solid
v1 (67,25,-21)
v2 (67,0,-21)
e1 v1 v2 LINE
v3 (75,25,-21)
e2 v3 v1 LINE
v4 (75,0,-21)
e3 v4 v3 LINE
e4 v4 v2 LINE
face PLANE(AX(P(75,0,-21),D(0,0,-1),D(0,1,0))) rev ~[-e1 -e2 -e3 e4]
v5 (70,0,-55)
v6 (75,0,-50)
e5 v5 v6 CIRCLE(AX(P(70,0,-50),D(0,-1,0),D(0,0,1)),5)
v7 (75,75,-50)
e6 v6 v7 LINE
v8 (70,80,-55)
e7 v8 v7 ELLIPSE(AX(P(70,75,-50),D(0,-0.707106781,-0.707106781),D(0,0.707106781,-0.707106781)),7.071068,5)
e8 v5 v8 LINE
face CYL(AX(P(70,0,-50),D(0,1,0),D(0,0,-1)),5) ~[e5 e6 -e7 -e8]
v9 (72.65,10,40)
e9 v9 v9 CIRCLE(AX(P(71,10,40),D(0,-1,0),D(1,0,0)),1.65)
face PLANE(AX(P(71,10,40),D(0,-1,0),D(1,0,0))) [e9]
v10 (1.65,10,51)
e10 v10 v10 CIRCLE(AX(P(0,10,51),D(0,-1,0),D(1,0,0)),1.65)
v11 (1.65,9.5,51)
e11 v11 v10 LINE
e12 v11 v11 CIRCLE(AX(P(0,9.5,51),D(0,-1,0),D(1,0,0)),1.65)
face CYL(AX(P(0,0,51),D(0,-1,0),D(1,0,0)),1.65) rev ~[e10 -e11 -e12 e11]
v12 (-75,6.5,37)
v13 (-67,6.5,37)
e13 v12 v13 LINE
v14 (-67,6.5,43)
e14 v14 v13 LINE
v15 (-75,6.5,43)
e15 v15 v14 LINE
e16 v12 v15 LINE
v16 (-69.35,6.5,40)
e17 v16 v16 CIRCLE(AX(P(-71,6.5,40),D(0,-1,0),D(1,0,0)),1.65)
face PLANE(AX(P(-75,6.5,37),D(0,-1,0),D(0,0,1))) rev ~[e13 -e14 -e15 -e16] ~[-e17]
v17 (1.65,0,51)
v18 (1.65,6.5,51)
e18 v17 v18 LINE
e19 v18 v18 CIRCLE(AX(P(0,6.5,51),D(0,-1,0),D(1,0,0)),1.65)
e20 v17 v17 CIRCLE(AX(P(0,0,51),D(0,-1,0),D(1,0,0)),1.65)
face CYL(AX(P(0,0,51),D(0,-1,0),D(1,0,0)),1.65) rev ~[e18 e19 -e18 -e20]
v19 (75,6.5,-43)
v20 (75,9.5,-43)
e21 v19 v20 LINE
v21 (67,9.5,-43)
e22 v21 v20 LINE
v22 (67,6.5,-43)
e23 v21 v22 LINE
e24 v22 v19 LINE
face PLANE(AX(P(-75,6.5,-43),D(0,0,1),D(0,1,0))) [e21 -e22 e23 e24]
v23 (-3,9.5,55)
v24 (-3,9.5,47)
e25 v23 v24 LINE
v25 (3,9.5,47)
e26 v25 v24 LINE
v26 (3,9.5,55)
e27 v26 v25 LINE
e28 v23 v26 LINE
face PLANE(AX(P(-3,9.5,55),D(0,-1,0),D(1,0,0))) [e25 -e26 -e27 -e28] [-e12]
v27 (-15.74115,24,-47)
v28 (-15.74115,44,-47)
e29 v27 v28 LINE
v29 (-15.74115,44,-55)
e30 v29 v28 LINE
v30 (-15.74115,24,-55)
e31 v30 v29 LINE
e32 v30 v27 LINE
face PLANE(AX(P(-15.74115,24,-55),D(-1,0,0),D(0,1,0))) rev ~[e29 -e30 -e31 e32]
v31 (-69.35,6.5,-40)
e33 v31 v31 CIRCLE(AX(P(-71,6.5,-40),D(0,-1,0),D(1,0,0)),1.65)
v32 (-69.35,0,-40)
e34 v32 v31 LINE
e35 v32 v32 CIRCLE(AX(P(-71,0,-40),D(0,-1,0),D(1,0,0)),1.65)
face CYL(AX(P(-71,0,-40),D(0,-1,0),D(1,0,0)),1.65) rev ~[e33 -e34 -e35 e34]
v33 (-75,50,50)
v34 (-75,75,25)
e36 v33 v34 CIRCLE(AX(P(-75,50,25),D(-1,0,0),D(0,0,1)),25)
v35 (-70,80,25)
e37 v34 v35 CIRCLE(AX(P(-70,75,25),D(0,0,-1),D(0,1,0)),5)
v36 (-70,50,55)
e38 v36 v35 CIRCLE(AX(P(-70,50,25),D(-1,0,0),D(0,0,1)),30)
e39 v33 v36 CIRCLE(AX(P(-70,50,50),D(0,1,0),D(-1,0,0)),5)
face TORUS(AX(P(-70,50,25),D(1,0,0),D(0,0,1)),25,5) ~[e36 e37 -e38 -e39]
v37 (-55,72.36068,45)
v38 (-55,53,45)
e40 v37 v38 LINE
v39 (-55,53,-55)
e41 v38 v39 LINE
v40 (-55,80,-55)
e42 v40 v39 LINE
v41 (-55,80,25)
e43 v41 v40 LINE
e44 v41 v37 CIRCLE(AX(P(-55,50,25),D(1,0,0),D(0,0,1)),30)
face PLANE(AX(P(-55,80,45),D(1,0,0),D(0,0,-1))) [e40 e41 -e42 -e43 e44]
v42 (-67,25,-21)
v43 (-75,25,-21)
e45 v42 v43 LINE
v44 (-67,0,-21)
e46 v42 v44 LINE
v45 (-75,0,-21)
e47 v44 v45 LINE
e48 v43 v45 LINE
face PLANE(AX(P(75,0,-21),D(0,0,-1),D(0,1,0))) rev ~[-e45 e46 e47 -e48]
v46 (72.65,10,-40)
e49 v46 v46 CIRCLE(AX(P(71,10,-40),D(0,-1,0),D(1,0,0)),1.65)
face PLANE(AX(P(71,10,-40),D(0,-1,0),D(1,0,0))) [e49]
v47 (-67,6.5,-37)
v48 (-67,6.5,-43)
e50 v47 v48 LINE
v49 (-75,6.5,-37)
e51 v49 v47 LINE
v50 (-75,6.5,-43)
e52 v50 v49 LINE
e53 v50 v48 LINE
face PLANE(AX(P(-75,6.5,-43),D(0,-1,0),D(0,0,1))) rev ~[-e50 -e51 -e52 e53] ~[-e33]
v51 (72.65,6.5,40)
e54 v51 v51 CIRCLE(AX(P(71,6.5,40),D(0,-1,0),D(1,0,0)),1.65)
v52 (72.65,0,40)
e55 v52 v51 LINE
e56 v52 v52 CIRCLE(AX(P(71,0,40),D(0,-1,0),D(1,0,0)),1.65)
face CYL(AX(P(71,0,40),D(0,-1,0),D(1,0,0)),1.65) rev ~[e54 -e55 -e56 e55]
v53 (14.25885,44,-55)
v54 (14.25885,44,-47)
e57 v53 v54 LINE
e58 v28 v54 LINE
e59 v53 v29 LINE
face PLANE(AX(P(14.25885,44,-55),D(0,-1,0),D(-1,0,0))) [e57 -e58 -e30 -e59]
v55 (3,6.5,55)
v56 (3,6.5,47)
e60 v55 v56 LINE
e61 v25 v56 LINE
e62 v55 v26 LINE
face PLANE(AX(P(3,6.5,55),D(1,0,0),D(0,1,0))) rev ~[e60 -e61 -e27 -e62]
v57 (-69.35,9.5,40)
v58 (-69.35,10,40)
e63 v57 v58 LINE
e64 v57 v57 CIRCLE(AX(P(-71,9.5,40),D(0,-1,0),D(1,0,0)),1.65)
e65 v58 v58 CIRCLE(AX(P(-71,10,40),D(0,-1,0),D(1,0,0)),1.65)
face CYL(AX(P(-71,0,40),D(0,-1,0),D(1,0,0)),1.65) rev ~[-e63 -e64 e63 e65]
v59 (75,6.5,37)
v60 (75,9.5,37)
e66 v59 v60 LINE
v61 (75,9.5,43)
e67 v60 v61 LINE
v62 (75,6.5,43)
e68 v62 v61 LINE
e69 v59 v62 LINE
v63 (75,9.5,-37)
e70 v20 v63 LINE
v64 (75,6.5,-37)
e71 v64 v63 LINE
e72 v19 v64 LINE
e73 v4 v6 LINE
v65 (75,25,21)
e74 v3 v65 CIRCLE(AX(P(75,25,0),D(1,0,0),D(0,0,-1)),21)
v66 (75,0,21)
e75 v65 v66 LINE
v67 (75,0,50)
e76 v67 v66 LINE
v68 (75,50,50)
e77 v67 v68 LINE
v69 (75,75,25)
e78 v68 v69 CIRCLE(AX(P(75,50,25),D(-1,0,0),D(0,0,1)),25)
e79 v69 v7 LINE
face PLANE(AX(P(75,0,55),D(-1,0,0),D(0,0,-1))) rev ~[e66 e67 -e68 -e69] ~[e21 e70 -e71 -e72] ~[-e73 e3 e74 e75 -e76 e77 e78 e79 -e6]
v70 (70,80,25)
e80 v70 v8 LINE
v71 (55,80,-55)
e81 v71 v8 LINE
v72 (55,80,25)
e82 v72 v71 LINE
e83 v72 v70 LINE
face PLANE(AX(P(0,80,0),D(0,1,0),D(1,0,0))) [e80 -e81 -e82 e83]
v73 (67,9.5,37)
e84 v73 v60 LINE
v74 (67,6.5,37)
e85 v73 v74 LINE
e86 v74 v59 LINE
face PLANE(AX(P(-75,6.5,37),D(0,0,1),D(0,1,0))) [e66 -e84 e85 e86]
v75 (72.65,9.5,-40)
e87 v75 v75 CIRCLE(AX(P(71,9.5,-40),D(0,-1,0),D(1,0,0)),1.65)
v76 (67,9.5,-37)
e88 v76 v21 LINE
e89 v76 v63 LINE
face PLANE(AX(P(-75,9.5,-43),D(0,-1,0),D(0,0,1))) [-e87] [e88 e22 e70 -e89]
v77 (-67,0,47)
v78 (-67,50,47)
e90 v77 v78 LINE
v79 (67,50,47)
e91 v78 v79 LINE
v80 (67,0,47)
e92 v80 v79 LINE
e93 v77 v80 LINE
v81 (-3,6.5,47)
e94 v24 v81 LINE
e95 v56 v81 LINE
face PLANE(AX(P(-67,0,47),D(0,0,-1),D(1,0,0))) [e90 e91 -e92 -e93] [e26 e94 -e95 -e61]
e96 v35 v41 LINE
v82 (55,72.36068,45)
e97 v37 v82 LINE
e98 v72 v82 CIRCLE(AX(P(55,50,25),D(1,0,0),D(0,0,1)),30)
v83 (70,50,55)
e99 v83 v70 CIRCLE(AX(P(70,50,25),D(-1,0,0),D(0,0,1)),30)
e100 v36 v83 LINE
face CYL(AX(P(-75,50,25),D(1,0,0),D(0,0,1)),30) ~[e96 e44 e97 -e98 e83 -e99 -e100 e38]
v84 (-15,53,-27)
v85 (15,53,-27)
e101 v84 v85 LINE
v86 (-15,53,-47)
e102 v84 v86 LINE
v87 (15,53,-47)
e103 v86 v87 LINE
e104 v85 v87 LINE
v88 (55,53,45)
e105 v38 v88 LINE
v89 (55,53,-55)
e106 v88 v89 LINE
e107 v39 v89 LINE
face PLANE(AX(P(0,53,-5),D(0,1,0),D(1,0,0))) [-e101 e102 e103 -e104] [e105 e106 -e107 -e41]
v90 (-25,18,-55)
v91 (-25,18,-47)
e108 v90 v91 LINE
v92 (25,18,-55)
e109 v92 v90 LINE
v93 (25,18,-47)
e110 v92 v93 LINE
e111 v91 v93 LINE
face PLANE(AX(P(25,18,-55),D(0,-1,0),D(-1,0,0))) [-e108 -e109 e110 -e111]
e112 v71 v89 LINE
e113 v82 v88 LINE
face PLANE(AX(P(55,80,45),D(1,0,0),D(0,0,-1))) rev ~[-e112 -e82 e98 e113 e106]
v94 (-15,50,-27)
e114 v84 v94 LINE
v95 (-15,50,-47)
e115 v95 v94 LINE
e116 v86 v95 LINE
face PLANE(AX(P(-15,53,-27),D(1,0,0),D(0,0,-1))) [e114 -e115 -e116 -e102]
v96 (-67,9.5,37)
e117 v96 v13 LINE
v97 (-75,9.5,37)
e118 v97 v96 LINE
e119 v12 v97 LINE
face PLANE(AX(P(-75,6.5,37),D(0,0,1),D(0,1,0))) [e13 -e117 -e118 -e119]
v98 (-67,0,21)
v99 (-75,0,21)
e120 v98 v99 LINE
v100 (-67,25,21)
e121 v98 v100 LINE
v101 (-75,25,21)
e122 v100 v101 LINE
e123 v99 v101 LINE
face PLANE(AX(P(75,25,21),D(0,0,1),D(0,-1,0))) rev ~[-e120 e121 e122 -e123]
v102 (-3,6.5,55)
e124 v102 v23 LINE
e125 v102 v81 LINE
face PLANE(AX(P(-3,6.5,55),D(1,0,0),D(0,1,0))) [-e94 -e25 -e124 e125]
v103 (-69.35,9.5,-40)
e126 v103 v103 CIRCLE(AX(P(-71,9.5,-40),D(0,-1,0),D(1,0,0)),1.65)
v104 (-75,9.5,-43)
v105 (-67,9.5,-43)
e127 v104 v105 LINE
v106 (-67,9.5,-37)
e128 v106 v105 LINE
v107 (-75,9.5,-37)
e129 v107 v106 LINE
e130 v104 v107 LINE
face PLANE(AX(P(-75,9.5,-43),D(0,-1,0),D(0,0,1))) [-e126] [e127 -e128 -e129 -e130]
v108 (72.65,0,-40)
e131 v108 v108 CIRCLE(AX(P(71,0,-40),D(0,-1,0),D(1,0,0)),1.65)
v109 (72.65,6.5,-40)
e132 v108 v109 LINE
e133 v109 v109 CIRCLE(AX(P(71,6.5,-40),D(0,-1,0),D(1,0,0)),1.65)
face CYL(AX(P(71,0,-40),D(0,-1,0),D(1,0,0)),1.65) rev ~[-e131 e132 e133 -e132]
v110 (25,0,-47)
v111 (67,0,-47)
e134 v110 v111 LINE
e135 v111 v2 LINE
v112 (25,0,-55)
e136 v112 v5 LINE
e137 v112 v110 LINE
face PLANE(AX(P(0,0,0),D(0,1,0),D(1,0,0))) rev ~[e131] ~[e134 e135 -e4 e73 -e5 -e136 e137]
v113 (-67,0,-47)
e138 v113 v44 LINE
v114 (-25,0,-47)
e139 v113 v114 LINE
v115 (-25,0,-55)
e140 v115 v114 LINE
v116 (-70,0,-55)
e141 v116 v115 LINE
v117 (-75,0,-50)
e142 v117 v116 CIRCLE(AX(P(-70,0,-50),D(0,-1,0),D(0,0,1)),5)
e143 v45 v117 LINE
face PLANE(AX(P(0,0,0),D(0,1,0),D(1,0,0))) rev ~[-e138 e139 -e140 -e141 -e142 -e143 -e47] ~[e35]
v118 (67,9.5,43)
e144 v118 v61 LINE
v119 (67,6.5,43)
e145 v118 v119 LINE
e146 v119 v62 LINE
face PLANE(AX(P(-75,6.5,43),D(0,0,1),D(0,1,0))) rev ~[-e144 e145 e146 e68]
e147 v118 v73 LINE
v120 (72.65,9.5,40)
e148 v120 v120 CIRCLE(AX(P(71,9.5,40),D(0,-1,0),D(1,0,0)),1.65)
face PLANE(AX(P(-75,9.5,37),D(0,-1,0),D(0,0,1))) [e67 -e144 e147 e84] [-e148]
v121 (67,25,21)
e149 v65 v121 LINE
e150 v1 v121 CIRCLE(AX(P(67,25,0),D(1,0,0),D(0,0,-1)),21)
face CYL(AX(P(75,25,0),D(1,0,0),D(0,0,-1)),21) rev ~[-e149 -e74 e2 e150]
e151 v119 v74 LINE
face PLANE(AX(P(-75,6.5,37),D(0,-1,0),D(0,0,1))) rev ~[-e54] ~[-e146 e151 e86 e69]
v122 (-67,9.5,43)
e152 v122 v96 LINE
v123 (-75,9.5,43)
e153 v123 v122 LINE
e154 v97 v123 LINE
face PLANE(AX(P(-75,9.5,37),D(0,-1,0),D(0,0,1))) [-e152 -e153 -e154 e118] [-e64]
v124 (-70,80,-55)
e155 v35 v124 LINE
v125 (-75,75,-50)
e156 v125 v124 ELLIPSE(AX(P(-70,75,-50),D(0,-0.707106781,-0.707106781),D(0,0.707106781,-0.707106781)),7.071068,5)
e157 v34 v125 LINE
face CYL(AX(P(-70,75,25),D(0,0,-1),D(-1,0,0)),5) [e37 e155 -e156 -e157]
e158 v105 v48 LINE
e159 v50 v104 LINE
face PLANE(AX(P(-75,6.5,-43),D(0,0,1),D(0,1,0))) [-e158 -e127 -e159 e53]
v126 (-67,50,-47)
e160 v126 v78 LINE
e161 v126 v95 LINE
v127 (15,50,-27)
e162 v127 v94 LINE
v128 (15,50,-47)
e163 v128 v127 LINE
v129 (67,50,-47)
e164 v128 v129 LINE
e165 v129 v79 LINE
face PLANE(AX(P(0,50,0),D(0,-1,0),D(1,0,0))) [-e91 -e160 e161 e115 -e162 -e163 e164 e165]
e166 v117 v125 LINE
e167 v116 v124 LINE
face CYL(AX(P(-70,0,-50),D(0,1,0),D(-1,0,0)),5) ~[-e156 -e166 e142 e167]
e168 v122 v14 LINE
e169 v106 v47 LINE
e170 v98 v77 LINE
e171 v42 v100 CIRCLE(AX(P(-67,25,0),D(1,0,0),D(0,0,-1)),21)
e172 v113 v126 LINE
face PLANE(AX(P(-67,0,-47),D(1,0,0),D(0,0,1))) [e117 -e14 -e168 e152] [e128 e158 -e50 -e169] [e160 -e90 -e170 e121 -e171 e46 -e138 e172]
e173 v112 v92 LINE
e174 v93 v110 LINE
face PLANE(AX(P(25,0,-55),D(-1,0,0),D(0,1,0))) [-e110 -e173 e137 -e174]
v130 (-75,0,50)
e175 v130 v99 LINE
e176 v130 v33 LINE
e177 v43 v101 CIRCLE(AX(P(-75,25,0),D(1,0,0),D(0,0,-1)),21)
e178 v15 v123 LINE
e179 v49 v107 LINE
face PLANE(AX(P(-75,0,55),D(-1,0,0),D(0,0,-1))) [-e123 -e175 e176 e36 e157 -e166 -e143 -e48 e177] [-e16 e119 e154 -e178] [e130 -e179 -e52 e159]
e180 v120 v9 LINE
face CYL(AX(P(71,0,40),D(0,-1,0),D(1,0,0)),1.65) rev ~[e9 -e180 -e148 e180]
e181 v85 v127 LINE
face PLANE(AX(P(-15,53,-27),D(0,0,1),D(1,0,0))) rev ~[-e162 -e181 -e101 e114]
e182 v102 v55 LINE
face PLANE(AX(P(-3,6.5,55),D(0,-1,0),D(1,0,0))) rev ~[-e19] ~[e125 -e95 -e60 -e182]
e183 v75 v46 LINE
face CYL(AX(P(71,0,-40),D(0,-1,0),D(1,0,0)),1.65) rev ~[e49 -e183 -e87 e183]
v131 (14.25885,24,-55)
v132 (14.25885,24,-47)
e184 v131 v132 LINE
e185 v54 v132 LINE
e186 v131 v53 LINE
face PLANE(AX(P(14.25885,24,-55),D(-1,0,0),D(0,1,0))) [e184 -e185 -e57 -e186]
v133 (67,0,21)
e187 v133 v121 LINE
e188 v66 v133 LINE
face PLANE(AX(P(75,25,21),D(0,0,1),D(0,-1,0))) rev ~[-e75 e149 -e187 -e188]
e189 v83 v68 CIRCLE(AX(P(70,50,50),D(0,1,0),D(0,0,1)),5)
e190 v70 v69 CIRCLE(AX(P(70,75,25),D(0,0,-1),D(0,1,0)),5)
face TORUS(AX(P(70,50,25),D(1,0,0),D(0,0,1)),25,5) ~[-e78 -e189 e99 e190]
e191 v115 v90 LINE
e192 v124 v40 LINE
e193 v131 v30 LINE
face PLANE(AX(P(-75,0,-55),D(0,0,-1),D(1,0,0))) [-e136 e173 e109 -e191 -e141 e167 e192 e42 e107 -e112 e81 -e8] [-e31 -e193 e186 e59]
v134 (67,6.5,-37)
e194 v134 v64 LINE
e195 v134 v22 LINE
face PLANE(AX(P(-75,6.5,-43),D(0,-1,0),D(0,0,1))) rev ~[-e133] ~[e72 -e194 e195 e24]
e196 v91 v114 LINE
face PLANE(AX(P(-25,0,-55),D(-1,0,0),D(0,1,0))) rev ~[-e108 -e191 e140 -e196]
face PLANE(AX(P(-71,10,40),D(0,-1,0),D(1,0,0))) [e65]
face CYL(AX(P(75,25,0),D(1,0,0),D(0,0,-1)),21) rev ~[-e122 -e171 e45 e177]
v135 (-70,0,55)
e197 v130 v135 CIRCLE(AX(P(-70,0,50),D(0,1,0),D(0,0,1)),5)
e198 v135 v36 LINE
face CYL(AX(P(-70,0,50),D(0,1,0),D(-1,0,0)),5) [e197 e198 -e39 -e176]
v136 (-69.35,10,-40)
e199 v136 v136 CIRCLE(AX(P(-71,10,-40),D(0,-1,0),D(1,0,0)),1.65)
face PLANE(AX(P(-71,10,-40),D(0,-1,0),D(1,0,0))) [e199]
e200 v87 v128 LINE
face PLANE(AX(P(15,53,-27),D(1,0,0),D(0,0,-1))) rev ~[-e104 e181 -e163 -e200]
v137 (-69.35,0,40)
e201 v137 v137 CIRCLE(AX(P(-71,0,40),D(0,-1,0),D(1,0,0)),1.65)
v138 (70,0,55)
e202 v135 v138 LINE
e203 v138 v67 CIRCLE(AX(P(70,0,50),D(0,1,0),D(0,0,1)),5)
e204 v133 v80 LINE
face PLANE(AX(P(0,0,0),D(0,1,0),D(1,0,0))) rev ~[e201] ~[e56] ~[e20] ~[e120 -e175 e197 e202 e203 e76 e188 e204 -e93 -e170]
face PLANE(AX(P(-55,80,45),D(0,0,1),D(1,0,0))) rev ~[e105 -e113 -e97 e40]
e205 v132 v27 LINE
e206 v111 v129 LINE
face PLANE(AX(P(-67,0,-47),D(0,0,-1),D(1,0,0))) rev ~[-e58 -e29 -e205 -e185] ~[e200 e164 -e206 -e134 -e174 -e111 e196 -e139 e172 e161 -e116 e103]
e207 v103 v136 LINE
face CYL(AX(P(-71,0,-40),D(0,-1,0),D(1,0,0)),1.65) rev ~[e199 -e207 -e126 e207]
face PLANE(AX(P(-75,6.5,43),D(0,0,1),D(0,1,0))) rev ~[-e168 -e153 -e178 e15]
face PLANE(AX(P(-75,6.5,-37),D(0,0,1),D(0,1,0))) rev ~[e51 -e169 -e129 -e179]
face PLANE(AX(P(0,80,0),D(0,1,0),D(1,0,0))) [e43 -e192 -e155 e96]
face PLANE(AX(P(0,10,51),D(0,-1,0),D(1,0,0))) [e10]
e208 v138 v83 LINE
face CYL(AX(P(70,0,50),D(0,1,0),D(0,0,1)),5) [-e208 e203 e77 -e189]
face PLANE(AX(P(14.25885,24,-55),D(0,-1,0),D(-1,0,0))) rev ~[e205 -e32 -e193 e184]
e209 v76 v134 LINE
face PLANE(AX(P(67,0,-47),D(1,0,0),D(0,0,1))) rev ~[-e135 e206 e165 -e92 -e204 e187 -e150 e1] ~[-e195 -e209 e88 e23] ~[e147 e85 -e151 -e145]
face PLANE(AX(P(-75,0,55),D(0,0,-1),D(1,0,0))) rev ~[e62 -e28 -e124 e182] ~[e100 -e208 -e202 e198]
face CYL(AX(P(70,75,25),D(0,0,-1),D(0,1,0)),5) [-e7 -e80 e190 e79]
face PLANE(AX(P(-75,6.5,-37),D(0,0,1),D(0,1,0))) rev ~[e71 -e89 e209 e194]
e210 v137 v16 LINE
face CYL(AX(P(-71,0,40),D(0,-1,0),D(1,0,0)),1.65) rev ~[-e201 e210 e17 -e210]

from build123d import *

# Parameters (mm, degrees)
SKETCH_1_W          = 150
SKETCH_1_H          = 110
EXTRUDE_1_DEPTH     = 80
FILLET_3_R          = 30
FILLET_1_R          = 5
CUT_EXTRUDE_1_DEPTH = 151
SKETCH_3_W          = 50
SKETCH_3_H          = 18
CUT_EXTRUDE_2_DEPTH = 50
SKETCH_4_W          = 134
SKETCH_4_H          = 94
CUT_EXTRUDE_3_DEPTH = 50
SKETCH_5_W          = 110
SKETCH_5_H          = 100
CUT_EXTRUDE_4_DEPTH = 27
SKETCH_6_W          = 30
SKETCH_6_H          = 20
CUT_EXTRUDE_5_DEPTH = 23.3
SKETCH_7_W          = 30
SKETCH_7_H          = 20
CUT_EXTRUDE_6_DEPTH = 23.3
SKETCH_8_R          = 1.65
CUT_EXTRUDE_7_DEPTH = 10
SKETCH_11_W         = 6
SKETCH_11_H         = 3
CUT_EXTRUDE_8_DEPTH = 161
SKETCH_12_W         = 6
SKETCH_12_H         = 3
CUT_EXTRUDE_9_DEPTH = 161


with BuildPart() as part:
    # 草图1 → 凸台-拉伸1 (new body)
    with BuildSketch(Plane(origin=(0, 0, 0), x_dir=(1, 0, 0), z_dir=(0, 1, 0))):
        Rectangle(SKETCH_1_W, SKETCH_1_H)
    extrude(amount=EXTRUDE_1_DEPTH)

    # 圆角3
    fillet_3_edges = [part.edges().sort_by_distance(p)[0] for p in [
        (0, 80, 55),
    ]]
    fillet(fillet_3_edges, radius=FILLET_3_R)

    # 圆角1
    fillet_1_edges = [part.edges().sort_by_distance(p)[0] for p in [
        (-75, 80, -15),
        (75, 80, -15),
        (75, 25, 55),
        (75, 71.213203436, 46.213203436),
        (-75, 25, 55),
        (-75, 71.213203436, 46.213203436),
        (-75, 40, -55),
        (75, 40, -55),
    ]]
    fillet(fillet_1_edges, radius=FILLET_1_R)

    # 草图2 → 切除-拉伸1 (cut, through all)
    with BuildSketch(Plane(origin=(75, 0, 0), x_dir=(0, 0, -1), z_dir=(1, 0, 0))):
        with BuildLine():
            Line((-21, 25), (-21, 0))
            Line((-21, 0), (21, 0))
            Line((21, 0), (21, 25))
            ThreePointArc((21, 25), (0, 46), (-21, 25))
        make_face()
    extrude(amount=-CUT_EXTRUDE_1_DEPTH, mode=Mode.SUBTRACT)

    # 草图3 → 切除-拉伸2 (cut)
    with BuildSketch(Plane(origin=(0, 0, -55), x_dir=(-1, 0, 0), z_dir=(0, 0, -1))):
        with Locations((0, 9)):
            Rectangle(SKETCH_3_W, SKETCH_3_H)
    extrude(amount=-CUT_EXTRUDE_2_DEPTH, mode=Mode.SUBTRACT)

    # 草图4 → 切除-拉伸3 (cut)
    with BuildSketch(Plane.XZ):
        Rectangle(SKETCH_4_W, SKETCH_4_H)
    extrude(amount=-CUT_EXTRUDE_3_DEPTH, mode=Mode.SUBTRACT)

    # 草图5 → 切除-拉伸4 (cut)
    with BuildSketch(Plane(origin=(0, 80, 0), x_dir=(1, 0, 0), z_dir=(0, 1, 0))):
        with Locations((0, 5)):
            Rectangle(SKETCH_5_W, SKETCH_5_H)
    extrude(amount=-CUT_EXTRUDE_4_DEPTH, mode=Mode.SUBTRACT)

    # 草图6 → 切除-拉伸5 (cut)
    with BuildSketch(Plane(origin=(0, 0, -55), x_dir=(-1, 0, 0), z_dir=(0, 0, -1))):
        with Locations((0.741149686, 34)):
            Rectangle(SKETCH_6_W, SKETCH_6_H)
    extrude(amount=-CUT_EXTRUDE_5_DEPTH, mode=Mode.SUBTRACT)

    # 草图7 → 切除-拉伸6 (cut)
    with BuildSketch(Plane(origin=(0, 53, 0), x_dir=(1, 0, 0), z_dir=(0, 1, 0))):
        with Locations((0, 37)):
            Rectangle(SKETCH_7_W, SKETCH_7_H)
    extrude(amount=-CUT_EXTRUDE_6_DEPTH, mode=Mode.SUBTRACT)

    # 草图8 → 切除-拉伸7 (cut)
    with BuildSketch(Plane.XZ):
        with Locations((71, 40)):
            Circle(SKETCH_8_R)
        with Locations((71, -40)):
            Circle(SKETCH_8_R)
        with Locations((-71, -40)):
            Circle(SKETCH_8_R)
        with Locations((-71, 40)):
            Circle(SKETCH_8_R)
        with Locations((0, 51)):
            Circle(SKETCH_8_R)
    extrude(amount=-CUT_EXTRUDE_7_DEPTH, mode=Mode.SUBTRACT)

    # 草图11 → 切除-拉伸8 (cut)
    with BuildSketch(Plane.ZY.offset(75)):
        with Locations((-40, 8)):
            Rectangle(SKETCH_11_W, SKETCH_11_H)
        with Locations((40, 8)):
            Rectangle(SKETCH_11_W, SKETCH_11_H)
    extrude(amount=-CUT_EXTRUDE_8_DEPTH, mode=Mode.SUBTRACT)

    # 草图12 → 切除-拉伸9 (cut)
    with BuildSketch(Plane.XY.offset(55)):
        with Locations((0, 8)):
            Rectangle(SKETCH_12_W, SKETCH_12_H)
    extrude(amount=-CUT_EXTRUDE_9_DEPTH, mode=Mode.SUBTRACT)


solid = part.part
